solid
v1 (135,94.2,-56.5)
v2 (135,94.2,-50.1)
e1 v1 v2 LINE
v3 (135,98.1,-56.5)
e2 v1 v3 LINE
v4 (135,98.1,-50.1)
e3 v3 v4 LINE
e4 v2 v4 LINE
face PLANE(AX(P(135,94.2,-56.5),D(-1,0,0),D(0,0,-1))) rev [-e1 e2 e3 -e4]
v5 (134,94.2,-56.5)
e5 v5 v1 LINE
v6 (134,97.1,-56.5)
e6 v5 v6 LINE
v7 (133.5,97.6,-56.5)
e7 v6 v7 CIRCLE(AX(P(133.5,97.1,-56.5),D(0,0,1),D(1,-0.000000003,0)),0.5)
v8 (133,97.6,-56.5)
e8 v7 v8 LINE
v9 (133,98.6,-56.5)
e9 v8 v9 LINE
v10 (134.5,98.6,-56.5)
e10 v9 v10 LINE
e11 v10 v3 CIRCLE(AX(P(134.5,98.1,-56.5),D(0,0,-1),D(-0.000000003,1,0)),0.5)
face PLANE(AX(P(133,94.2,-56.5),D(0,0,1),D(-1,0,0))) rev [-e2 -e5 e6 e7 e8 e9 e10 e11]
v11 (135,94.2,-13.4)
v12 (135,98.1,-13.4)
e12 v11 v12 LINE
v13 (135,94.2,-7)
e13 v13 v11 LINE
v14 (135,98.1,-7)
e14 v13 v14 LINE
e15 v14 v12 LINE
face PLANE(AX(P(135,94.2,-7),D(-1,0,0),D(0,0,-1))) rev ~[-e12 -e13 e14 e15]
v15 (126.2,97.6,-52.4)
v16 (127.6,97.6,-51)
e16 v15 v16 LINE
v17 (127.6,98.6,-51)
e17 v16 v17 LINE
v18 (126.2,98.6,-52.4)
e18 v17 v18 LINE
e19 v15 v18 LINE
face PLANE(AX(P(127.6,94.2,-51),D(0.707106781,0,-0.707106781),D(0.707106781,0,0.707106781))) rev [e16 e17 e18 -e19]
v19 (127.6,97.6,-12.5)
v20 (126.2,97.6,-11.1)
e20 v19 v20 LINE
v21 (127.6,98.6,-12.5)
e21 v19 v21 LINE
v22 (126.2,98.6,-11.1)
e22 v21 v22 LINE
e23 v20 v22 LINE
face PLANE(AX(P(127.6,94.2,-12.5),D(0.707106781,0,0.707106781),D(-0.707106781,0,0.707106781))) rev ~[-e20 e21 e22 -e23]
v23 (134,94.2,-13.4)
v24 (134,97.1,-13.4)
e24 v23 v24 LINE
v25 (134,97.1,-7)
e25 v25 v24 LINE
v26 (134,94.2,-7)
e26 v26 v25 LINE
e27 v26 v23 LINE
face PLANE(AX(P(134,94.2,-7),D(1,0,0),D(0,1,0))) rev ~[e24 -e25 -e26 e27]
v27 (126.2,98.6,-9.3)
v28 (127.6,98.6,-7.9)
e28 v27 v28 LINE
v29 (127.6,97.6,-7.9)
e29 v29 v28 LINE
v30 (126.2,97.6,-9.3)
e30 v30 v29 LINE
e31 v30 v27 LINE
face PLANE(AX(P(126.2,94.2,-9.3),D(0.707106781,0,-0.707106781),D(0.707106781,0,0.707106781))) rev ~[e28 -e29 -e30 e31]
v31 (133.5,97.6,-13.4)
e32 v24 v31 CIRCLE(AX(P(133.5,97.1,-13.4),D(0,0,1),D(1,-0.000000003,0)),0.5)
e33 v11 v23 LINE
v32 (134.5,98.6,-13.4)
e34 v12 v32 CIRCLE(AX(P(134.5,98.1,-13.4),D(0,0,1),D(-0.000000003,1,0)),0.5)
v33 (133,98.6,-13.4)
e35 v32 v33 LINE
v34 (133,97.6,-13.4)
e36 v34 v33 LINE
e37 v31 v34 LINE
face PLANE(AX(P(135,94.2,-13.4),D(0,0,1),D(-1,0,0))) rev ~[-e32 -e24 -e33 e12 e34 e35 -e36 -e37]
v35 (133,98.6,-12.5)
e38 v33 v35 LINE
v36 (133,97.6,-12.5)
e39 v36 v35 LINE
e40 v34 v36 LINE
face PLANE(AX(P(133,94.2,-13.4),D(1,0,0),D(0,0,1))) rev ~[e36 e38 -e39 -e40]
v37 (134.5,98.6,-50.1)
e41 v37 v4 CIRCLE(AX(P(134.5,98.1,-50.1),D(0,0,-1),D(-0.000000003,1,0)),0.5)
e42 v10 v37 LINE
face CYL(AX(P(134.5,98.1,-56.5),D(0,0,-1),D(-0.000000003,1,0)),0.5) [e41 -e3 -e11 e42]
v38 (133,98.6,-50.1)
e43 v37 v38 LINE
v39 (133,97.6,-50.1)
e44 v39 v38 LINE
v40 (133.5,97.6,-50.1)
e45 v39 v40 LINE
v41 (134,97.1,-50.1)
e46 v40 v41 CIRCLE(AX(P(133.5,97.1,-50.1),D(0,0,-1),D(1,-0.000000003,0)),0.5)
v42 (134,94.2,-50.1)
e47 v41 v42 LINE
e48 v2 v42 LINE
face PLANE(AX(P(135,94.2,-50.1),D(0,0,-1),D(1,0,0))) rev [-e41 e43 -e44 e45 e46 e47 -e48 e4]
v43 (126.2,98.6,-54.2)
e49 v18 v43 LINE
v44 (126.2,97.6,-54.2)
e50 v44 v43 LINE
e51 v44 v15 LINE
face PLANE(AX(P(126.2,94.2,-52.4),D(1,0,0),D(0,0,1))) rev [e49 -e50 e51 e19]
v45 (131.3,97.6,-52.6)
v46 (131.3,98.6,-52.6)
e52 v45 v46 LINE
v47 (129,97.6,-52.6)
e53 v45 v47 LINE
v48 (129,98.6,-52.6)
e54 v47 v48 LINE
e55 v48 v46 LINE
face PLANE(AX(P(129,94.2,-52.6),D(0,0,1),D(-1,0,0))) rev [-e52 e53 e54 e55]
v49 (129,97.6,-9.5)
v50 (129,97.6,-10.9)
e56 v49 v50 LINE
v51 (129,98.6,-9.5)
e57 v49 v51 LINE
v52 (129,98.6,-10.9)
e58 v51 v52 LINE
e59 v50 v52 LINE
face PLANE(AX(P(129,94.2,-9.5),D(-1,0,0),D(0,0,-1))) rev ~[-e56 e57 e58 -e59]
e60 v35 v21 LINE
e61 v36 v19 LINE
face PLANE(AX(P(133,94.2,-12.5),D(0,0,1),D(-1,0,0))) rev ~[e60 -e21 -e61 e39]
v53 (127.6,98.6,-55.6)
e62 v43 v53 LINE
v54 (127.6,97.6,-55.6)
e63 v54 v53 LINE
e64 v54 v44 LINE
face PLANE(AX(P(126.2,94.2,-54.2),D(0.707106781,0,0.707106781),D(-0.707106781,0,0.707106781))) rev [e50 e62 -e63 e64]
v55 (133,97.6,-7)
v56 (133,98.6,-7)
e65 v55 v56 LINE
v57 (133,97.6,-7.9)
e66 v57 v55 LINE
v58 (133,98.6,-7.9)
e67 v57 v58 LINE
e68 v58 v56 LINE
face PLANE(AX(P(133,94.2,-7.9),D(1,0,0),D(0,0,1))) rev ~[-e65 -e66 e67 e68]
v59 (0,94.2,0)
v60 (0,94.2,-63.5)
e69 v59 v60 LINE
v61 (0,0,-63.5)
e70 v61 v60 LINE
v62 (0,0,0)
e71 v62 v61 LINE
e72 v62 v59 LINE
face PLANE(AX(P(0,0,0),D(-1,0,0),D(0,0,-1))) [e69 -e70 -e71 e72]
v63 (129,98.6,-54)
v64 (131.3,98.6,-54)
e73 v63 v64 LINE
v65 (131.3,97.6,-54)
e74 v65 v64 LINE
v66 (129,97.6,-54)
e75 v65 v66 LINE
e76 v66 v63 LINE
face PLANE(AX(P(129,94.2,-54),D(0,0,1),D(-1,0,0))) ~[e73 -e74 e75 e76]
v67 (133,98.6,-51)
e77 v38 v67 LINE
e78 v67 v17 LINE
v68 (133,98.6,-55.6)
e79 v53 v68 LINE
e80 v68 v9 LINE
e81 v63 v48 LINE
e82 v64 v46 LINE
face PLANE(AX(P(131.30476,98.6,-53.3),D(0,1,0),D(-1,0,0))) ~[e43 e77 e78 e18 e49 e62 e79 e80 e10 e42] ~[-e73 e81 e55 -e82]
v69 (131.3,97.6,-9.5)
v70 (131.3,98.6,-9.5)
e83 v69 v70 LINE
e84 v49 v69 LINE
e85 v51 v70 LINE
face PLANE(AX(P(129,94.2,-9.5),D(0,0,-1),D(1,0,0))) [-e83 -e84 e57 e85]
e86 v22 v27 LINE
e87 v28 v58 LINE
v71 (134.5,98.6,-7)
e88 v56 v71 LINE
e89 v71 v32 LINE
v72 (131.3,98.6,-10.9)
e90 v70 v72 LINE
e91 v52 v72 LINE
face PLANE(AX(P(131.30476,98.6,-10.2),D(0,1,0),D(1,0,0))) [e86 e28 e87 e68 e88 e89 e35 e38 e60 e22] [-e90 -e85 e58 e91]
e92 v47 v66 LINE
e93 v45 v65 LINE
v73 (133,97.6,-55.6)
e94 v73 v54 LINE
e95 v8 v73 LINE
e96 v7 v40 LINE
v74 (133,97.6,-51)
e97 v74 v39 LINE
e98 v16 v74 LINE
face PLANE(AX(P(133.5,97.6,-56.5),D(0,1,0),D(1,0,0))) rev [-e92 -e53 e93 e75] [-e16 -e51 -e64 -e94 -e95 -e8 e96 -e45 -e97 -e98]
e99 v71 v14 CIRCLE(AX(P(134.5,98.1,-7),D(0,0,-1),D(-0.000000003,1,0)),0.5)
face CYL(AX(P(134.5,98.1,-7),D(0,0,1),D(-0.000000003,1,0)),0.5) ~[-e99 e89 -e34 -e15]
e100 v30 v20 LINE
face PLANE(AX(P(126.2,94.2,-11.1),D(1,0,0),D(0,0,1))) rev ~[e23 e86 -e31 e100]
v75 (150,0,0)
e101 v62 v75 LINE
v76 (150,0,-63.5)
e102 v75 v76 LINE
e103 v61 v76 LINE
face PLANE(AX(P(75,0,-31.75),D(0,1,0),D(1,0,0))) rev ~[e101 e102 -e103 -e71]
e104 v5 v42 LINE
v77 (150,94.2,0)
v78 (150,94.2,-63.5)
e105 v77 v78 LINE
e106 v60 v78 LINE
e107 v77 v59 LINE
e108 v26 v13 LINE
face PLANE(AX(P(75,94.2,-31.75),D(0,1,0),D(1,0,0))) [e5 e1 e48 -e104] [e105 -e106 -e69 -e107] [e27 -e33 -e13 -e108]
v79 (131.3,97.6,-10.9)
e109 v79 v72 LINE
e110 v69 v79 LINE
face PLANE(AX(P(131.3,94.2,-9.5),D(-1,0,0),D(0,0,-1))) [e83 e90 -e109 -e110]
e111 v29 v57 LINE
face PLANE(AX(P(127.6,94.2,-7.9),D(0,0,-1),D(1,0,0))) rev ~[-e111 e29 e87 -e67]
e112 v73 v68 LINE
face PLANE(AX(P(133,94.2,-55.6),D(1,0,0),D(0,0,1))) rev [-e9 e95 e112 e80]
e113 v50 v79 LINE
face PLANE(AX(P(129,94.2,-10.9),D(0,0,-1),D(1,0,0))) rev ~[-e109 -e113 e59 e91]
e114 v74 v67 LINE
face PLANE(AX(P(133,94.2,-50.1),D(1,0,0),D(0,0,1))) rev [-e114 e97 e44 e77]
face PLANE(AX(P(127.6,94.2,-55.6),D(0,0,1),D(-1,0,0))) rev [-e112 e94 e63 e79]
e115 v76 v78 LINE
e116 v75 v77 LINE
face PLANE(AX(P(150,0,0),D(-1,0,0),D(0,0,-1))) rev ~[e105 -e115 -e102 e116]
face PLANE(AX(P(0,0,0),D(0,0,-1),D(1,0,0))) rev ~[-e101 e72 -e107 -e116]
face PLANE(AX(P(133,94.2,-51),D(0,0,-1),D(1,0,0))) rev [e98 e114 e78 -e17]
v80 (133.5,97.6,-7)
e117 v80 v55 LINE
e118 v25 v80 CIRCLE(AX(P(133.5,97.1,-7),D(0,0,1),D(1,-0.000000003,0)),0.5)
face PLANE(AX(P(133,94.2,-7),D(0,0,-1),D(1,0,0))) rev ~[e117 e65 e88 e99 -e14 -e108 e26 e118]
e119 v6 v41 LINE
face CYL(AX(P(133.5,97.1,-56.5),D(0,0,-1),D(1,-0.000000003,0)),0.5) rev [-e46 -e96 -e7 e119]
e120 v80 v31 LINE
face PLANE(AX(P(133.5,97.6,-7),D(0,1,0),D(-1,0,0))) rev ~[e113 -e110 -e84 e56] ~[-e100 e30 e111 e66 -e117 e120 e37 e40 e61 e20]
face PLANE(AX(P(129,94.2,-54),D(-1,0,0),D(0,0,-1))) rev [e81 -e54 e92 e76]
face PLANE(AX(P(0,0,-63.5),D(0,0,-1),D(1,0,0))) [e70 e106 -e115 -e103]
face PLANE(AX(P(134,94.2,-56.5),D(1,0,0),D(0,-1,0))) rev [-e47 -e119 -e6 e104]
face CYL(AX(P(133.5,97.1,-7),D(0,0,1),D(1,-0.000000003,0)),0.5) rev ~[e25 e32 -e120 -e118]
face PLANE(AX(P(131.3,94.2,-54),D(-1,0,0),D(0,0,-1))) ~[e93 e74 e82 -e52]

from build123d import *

# Parameters (mm, degrees)
SKETCH1_W           = 150
SKETCH1_H           = 63.5
BOSS_EXTRUDE1_DEPTH = 94.2
SKETCH3_W           = 2.3
SKETCH3_H           = 1.4
BOSS_EXTRUDE2_DEPTH = 4.4
SKETCH4_W           = 6.8
SKETCH4_H           = 3.4
CUT_EXTRUDE1_DEPTH  = 189.186636082


with BuildPart() as part:
    # Sketch1 → Boss-Extrude1 (new body)
    with BuildSketch(Plane(origin=(0, 0, 0), x_dir=(1, 0, 0), z_dir=(0, 1, 0))):
        with Locations((75, 31.75)):
            Rectangle(SKETCH1_W, SKETCH1_H)
    extrude(amount=BOSS_EXTRUDE1_DEPTH)

    # Sketch3 → Boss-Extrude2 (add)
    with BuildSketch(Plane(origin=(0, 94.2, 0), x_dir=(1, 0, 0), z_dir=(0, 1, 0))):
        Polygon((135, 7), (135, 13.4), (133, 13.4), (133, 12.5), (127.6, 12.5), (126.2, 11.1), (126.2, 9.3), (127.6, 7.9), (133, 7.9), (133, 7), align=None)
        with Locations((130.15, 10.2)):
            Rectangle(SKETCH3_W, SKETCH3_H, mode=Mode.SUBTRACT)
    boss_extrude2 = extrude(amount=BOSS_EXTRUDE2_DEPTH)

    # Sketch4 → Cut-Extrude1 (cut, through all)
    with BuildSketch(Plane.XY.offset(-7)):
        with Locations((129.6, 95.9)):
            Rectangle(SKETCH4_W, SKETCH4_H)
        with BuildLine():
            Line((133, 94.2), (134, 94.2))
            Line((134, 94.2), (134, 97.1))
            ThreePointArc((134, 97.1), (133.853553391, 97.453553391), (133.5, 97.6))
            Line((133.5, 97.6), (133, 97.6))
            Line((133, 97.6), (133, 94.2))
        make_face()
        with BuildLine():
            ThreePointArc((134.5, 98.6), (134.853553391, 98.453553391), (135, 98.1))
            Line((135, 98.1), (135, 98.6))
            Line((135, 98.6), (134.5, 98.6))
        make_face()
    cut_extrude1 = extrude(amount=-CUT_EXTRUDE1_DEPTH, mode=Mode.SUBTRACT)

    # Mirror1: Boss-Extrude2, Cut-Extrude1 across plane
    add(boss_extrude2.mirror(Plane.XY.offset(-31.75)))
    add(cut_extrude1.mirror(Plane.XY.offset(-31.75)), mode=Mode.SUBTRACT)


solid = part.part
